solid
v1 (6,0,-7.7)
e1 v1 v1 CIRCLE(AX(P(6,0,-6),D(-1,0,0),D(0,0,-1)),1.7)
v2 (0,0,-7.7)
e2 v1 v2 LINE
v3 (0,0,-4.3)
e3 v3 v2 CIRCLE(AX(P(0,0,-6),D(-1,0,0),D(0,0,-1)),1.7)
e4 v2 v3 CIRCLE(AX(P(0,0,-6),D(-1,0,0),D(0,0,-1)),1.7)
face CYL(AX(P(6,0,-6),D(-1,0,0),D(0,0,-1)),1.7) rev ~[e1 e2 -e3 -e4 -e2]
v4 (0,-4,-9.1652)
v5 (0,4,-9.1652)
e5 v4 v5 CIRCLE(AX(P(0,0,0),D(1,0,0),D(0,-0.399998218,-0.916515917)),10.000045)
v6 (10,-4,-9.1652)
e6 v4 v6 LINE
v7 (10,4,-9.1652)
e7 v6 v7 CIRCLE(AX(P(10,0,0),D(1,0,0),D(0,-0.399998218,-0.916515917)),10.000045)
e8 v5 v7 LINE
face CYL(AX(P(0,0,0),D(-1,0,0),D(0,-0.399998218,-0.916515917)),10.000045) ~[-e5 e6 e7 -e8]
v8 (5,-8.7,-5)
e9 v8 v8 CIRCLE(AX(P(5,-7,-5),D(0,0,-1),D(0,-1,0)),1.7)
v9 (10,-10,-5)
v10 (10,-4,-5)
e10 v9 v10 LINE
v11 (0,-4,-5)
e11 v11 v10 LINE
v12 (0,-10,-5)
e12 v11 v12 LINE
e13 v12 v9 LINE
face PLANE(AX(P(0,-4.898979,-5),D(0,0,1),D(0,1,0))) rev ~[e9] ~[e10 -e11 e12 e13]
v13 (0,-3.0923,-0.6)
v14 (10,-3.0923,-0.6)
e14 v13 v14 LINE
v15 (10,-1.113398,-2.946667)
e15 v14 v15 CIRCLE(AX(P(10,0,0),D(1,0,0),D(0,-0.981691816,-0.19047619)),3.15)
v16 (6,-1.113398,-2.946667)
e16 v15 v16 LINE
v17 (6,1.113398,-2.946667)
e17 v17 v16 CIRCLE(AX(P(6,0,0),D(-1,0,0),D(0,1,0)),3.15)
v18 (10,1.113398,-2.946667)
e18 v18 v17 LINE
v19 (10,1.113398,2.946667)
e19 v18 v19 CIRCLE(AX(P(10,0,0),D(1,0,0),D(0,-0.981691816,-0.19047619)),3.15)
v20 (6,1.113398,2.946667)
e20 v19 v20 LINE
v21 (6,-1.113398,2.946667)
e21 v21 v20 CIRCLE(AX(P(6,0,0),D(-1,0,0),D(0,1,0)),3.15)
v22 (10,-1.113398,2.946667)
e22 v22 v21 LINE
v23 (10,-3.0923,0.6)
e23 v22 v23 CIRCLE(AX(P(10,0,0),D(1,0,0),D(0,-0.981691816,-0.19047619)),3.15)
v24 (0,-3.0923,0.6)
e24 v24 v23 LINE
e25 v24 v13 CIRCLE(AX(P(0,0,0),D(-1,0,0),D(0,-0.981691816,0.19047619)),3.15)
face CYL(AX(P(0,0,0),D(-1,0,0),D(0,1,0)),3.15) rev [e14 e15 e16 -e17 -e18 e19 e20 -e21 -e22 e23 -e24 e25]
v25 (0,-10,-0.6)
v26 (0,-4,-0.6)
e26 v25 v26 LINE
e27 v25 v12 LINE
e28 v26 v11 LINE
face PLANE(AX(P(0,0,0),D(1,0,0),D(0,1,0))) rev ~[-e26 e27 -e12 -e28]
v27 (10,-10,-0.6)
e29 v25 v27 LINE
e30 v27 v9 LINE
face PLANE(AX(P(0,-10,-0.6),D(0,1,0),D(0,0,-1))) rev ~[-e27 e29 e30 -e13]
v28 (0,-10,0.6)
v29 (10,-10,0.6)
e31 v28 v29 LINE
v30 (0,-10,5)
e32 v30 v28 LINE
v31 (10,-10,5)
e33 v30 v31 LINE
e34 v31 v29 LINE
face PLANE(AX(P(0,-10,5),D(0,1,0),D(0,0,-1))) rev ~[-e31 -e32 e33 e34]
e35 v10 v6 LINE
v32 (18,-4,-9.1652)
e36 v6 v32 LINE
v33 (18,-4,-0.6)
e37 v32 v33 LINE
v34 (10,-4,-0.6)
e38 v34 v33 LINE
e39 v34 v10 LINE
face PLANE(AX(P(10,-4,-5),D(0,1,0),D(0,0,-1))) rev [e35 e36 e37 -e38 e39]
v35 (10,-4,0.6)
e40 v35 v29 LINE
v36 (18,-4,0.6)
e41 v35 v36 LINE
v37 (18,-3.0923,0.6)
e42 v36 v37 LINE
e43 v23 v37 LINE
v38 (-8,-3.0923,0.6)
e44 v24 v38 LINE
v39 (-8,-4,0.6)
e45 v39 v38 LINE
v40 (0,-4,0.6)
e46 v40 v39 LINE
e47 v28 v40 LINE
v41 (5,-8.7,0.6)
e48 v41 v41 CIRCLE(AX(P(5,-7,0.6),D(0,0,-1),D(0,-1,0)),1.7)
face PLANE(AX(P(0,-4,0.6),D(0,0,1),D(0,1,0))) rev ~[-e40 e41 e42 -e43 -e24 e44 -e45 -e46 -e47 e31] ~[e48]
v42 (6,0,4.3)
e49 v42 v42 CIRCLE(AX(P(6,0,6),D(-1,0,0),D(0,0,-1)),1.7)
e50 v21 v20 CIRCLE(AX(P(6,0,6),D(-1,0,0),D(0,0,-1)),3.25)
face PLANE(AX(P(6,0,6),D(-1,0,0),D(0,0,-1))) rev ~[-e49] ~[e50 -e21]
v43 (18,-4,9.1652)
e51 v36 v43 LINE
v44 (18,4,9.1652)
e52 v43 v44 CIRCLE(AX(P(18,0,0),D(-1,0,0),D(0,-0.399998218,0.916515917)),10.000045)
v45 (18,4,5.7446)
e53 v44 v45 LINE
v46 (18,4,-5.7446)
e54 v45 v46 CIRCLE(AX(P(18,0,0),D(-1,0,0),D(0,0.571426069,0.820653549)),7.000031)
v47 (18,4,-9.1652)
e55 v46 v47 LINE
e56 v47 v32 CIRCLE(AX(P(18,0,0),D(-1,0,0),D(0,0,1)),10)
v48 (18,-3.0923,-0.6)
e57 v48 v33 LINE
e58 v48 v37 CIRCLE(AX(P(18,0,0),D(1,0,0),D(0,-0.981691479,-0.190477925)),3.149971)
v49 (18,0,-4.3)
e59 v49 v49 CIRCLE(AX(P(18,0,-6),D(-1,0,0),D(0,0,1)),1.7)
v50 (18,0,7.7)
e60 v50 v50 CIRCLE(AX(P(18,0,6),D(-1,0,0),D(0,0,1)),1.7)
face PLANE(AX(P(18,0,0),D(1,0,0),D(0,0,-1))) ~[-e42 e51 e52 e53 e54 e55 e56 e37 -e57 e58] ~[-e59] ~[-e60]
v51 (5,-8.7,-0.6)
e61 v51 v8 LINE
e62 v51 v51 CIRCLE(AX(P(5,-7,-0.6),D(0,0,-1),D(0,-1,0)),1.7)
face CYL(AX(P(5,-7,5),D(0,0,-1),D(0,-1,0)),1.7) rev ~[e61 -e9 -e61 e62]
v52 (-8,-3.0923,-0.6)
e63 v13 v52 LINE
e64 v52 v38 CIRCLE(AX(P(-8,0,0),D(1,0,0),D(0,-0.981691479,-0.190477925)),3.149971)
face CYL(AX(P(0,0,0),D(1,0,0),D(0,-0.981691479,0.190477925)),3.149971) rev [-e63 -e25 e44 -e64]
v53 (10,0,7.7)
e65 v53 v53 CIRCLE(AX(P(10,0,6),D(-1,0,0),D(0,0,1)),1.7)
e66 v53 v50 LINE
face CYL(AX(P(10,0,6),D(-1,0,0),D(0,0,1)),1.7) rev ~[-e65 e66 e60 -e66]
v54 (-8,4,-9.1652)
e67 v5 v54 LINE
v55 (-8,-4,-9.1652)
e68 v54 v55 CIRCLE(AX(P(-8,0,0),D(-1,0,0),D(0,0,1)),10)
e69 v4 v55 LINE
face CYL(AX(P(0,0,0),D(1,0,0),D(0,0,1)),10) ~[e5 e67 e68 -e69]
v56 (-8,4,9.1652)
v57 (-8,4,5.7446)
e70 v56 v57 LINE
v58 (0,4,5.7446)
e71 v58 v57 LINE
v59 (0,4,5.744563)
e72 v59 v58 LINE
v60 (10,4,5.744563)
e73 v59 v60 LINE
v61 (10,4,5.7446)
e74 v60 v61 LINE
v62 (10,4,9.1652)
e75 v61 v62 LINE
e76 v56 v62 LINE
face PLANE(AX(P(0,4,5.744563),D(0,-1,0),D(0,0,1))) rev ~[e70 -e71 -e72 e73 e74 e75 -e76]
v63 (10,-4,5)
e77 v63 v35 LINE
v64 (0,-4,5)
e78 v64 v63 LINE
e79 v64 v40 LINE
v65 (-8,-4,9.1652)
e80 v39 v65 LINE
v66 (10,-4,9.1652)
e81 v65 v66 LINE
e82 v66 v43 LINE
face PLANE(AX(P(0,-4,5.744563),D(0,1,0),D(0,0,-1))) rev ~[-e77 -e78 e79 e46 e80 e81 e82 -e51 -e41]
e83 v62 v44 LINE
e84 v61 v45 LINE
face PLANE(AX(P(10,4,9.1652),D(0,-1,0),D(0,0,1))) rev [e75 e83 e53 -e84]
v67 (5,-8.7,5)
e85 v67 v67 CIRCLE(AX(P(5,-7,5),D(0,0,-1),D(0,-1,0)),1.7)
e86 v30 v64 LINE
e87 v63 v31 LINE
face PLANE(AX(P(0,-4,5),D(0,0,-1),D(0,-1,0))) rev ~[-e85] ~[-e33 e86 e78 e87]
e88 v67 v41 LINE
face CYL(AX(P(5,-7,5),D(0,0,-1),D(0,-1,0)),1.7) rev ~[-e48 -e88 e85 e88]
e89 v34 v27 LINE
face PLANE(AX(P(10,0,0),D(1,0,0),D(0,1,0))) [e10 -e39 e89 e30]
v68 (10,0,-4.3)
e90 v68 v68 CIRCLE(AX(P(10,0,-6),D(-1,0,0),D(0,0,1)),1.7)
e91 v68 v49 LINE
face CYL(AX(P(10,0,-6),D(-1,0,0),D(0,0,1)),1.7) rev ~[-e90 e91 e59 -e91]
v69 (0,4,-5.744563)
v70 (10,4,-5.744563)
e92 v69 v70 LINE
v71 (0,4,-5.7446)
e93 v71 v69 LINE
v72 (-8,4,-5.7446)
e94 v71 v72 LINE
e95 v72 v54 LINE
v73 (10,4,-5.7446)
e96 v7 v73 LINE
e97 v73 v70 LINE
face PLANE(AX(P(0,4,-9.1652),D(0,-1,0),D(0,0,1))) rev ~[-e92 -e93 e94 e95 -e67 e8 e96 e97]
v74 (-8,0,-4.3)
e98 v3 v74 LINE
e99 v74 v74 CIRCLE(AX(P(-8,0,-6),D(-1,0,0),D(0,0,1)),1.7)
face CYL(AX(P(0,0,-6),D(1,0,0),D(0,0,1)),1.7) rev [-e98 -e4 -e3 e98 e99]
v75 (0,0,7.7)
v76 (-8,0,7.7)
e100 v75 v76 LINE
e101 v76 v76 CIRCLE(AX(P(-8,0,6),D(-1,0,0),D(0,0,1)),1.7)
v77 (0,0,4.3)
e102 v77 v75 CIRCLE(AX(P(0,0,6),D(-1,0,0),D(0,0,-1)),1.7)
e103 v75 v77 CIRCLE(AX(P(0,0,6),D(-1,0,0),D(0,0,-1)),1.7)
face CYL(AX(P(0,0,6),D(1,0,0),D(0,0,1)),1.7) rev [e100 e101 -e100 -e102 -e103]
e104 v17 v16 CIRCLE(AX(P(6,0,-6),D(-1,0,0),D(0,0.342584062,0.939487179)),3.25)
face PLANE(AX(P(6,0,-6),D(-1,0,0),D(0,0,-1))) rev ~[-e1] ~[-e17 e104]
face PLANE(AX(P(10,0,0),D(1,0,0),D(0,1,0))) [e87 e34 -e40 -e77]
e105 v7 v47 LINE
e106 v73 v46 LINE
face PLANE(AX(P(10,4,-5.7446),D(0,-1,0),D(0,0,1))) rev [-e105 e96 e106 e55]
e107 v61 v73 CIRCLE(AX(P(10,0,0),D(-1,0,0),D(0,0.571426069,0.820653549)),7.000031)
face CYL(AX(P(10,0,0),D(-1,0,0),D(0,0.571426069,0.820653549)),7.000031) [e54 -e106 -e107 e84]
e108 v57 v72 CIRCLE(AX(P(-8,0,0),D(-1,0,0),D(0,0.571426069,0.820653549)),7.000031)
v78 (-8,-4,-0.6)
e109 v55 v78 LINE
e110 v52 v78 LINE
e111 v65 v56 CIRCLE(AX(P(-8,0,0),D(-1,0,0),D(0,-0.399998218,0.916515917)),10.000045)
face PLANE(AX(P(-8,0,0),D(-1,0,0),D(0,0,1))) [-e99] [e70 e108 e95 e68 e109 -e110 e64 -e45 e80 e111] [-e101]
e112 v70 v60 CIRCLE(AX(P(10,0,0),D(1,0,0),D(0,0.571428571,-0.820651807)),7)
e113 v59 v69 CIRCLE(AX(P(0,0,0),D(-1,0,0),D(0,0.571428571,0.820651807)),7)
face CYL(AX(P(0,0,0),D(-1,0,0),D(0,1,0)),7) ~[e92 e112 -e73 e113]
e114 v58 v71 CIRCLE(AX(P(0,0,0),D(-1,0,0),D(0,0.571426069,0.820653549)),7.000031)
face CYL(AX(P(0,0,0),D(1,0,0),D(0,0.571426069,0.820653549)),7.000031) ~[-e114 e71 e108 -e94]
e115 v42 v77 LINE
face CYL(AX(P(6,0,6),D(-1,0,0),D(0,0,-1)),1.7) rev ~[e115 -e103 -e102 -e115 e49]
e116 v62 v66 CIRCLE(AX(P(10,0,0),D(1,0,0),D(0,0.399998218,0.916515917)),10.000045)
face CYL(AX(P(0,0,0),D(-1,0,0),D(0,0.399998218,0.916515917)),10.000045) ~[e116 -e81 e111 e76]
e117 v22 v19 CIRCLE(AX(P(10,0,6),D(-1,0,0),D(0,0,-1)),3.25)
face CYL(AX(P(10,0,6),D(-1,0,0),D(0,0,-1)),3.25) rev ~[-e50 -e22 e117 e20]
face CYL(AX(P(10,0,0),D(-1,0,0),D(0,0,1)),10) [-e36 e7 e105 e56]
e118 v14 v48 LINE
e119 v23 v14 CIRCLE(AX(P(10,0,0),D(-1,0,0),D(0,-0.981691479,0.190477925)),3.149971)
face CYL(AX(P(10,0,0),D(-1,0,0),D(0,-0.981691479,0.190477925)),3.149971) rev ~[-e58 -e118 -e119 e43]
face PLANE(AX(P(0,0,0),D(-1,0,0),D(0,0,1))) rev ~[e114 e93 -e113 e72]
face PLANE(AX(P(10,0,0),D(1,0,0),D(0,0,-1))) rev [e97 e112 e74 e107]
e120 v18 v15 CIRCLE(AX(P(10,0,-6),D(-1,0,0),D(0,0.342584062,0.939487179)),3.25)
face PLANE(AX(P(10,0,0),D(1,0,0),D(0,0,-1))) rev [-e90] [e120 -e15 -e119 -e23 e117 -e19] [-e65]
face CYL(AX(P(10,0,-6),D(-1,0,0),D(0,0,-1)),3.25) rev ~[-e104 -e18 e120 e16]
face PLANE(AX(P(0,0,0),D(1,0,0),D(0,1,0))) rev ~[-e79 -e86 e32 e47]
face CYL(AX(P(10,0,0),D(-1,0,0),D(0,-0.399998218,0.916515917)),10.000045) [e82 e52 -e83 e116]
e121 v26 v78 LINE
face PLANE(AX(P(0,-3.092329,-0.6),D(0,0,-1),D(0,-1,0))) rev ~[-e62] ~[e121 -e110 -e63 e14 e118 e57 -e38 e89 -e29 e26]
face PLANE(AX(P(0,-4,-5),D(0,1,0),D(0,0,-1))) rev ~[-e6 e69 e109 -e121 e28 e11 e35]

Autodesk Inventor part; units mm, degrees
ref_plane "YZ Plane" through (0, 0, 0) normal (1, 0, 0) x (0, 1, 0)
ref_plane "XZ Plane" through (0, 0, 0) normal (0, 1, 0) x (-1, 0, 0)
ref_plane "XY Plane" through (0, 0, 0) normal (0, 0, 1) x (1, 0, 0)
sketch "スケッチ1" plane through (0, 0, 0) normal (1, 0, 0) x (0, 1, 0)
  circle A0 centre (0, 0) radius 3.15
  circle A1 centre (0, 0) radius 7
  line L0 (0, 5) -> (-10, 5)
  line L1 (-10, 5) -> (-10, -5)
  line L2 (-10, -5) -> (0, -5)
  line L3 (0, -5) -> (0, 5) construction
  line L4 (-10, 0.6) -> (0, 0.6)
  line L5 (0, 0.6) -> (0, -0.6)
  line L6 (0, -0.6) -> (-10, -0.6)
  line L7 (-10, -0.6) -> (-10, 0.6)
  line L8 (4, 10) -> (-4, 10) construction
  line L9 (-4, 10) -> (-4, -10)
  line L10 (-4, -10) -> (4, -10) construction
  line L11 (4, -10) -> (4, 10)
  line L12 (4, 10) -> (-4, -10) construction
  line L13 (-4, 10) -> (4, -10) construction
  arc A2 (4, 9.1652) -> (-4, 9.1652) centre (0, 0) ccw
  arc A3 (-4, -9.1652) -> (4, -9.1652) centre (0, 0) ccw
  point P0 (-11, 3.3541)
  point P1 (-11, -3.3541)
  point P2 (-4.899, 5)
  point P3 (-4.899, -5)
  point P4 (-3.0923, 0.6)
  point P5 (-3.0923, -0.6)
  point P6 (-6.9742, -0.6)
  point P7 (-6.9742, 0.6)
  point P8 (0, -3.15)
  point P9 (0, 3.15)
  point P10 (0, 0.6)
  point P11 (-4, -5)
  point P12 (4, -5.7446)
  point P13 (4, 5.7446)
  point P14 (-4, 5)
  dimension "d0" = 6.3
  dimension "d1" = 14
  dimension "d2" = 5
  dimension "d3" = 5
  dimension "d4" = 10
  dimension "d18" = 1.2
  dimension "d19" = 0.6
  dimension "d45" = 8
  dimension "d46" = 20
extrude "押し出し1" add sketch "スケッチ1" along normal blind 10 contours A0 L4 L9 A1 L11 L6 | L4 A1 L0 L9 | L9 L2 A1 L6 | L4 L1 L0 A1 | A1 L2 L1 L6 | L9 A2 L11 A1 | A1 L11 A3 L9 | A1 L11
sketch "スケッチ2" plane through (10, 0, 0) normal (1, 0, 0) x (0, 0, -1)
  line L0 (14, 0) -> (-14, 0) projected
  point P0 (0, 0)
  point P1 (-6, 0)
  point P2 (6, 0)
  dimension "d7" = 6
  dimension "d8" = 6
hole "穴1" at (10, 0, 6) at (10, 0, -6) direction (-1, 0, 0) diameter 3.4 end through all counterbore diameter 6.5 counterbore depth 4
sketch "スケッチ3" plane through (0, -4.899, 5) normal (0, 0, 1) x (1, 0, 0)
  line L0 (0, -5.101) -> (10, -5.101) projected
  point P0 (5, -2.101)
  point P1 (5, -5.101)
  dimension "d44" = 3
hole "穴2" at (5, -7, 5) direction (0, 0, -1) diameter 3.4 end through all
sketch "スケッチ7" plane through (0, 0, 0) normal (-1, 0, 0) x (0, 0, 1)
  arc A0 (5.7446, 4) -> (-5.7446, 4) centre (0, 0) ccw projected
  arc A1 (5.7446, 4) -> (-5.7446, 4) centre (0, 0) ccw
  arc A2 (9.1652, -4) -> (9.1652, 4) centre (0, 0) ccw projected
  circle A3 centre (0, 0) radius 10
  line L0 (9.1652, 4) -> (-9.1652, 4)
  line L1 (-9.1652, -4) -> (9.1652, -4)
  line L2 (5, -10) -> (0.6, -10) projected
  line L3 (5, -10) -> (5, -4)
  line L4 (-5, -10) -> (-5, -4) projected
  line L5 (5, -10) -> (-5, -10)
  line L6 (-5, -10) -> (-5, -4)
  line L7 (-5, -4) -> (-5, -10)
  arc A4 (0.6, -3.0923) -> (-0.6, -3.0923) centre (0, 0) ccw projected
  circle A5 centre (0, 0) radius 3.15
  circle A6 centre (6, 0) radius 1.7 projected
  circle A7 centre (6, 0) radius 1.7
  circle A8 centre (-6, 0) radius 1.7 projected
  circle A9 centre (-6, 0) radius 1.7
  line L8 (-0.6, -3.0923) -> (-0.6, -4)
  line L9 (0.6, -10) -> (0.6, -3.0923) projected
  line L10 (0.6, -4) -> (0.6, -3.0923)
  point P0 (0.6, -3.0923)
  point P1 (-0.6, -3.0923)
  point P2 (-5.7446, 4)
extrude "押し出し5" add sketch "スケッチ7" along normal blind 8 contours L0 A0 | L0 A2 L1 L9 A4 L8 A3
ref_plane "作業平面1" through (5, -10, 5) normal (1, 0, 0) x (0, 1, 0)
mirror "ミラー1" about plane through (5, -10, 5) normal (1, 0, 0) of "押し出し5"
equation "\"d3\" = d2"
equation "\"d19\" = 0.5 * d18"
equation "\"d8\" = d7"
properties part number "セットカラ―" material "ABS プラスチック"
